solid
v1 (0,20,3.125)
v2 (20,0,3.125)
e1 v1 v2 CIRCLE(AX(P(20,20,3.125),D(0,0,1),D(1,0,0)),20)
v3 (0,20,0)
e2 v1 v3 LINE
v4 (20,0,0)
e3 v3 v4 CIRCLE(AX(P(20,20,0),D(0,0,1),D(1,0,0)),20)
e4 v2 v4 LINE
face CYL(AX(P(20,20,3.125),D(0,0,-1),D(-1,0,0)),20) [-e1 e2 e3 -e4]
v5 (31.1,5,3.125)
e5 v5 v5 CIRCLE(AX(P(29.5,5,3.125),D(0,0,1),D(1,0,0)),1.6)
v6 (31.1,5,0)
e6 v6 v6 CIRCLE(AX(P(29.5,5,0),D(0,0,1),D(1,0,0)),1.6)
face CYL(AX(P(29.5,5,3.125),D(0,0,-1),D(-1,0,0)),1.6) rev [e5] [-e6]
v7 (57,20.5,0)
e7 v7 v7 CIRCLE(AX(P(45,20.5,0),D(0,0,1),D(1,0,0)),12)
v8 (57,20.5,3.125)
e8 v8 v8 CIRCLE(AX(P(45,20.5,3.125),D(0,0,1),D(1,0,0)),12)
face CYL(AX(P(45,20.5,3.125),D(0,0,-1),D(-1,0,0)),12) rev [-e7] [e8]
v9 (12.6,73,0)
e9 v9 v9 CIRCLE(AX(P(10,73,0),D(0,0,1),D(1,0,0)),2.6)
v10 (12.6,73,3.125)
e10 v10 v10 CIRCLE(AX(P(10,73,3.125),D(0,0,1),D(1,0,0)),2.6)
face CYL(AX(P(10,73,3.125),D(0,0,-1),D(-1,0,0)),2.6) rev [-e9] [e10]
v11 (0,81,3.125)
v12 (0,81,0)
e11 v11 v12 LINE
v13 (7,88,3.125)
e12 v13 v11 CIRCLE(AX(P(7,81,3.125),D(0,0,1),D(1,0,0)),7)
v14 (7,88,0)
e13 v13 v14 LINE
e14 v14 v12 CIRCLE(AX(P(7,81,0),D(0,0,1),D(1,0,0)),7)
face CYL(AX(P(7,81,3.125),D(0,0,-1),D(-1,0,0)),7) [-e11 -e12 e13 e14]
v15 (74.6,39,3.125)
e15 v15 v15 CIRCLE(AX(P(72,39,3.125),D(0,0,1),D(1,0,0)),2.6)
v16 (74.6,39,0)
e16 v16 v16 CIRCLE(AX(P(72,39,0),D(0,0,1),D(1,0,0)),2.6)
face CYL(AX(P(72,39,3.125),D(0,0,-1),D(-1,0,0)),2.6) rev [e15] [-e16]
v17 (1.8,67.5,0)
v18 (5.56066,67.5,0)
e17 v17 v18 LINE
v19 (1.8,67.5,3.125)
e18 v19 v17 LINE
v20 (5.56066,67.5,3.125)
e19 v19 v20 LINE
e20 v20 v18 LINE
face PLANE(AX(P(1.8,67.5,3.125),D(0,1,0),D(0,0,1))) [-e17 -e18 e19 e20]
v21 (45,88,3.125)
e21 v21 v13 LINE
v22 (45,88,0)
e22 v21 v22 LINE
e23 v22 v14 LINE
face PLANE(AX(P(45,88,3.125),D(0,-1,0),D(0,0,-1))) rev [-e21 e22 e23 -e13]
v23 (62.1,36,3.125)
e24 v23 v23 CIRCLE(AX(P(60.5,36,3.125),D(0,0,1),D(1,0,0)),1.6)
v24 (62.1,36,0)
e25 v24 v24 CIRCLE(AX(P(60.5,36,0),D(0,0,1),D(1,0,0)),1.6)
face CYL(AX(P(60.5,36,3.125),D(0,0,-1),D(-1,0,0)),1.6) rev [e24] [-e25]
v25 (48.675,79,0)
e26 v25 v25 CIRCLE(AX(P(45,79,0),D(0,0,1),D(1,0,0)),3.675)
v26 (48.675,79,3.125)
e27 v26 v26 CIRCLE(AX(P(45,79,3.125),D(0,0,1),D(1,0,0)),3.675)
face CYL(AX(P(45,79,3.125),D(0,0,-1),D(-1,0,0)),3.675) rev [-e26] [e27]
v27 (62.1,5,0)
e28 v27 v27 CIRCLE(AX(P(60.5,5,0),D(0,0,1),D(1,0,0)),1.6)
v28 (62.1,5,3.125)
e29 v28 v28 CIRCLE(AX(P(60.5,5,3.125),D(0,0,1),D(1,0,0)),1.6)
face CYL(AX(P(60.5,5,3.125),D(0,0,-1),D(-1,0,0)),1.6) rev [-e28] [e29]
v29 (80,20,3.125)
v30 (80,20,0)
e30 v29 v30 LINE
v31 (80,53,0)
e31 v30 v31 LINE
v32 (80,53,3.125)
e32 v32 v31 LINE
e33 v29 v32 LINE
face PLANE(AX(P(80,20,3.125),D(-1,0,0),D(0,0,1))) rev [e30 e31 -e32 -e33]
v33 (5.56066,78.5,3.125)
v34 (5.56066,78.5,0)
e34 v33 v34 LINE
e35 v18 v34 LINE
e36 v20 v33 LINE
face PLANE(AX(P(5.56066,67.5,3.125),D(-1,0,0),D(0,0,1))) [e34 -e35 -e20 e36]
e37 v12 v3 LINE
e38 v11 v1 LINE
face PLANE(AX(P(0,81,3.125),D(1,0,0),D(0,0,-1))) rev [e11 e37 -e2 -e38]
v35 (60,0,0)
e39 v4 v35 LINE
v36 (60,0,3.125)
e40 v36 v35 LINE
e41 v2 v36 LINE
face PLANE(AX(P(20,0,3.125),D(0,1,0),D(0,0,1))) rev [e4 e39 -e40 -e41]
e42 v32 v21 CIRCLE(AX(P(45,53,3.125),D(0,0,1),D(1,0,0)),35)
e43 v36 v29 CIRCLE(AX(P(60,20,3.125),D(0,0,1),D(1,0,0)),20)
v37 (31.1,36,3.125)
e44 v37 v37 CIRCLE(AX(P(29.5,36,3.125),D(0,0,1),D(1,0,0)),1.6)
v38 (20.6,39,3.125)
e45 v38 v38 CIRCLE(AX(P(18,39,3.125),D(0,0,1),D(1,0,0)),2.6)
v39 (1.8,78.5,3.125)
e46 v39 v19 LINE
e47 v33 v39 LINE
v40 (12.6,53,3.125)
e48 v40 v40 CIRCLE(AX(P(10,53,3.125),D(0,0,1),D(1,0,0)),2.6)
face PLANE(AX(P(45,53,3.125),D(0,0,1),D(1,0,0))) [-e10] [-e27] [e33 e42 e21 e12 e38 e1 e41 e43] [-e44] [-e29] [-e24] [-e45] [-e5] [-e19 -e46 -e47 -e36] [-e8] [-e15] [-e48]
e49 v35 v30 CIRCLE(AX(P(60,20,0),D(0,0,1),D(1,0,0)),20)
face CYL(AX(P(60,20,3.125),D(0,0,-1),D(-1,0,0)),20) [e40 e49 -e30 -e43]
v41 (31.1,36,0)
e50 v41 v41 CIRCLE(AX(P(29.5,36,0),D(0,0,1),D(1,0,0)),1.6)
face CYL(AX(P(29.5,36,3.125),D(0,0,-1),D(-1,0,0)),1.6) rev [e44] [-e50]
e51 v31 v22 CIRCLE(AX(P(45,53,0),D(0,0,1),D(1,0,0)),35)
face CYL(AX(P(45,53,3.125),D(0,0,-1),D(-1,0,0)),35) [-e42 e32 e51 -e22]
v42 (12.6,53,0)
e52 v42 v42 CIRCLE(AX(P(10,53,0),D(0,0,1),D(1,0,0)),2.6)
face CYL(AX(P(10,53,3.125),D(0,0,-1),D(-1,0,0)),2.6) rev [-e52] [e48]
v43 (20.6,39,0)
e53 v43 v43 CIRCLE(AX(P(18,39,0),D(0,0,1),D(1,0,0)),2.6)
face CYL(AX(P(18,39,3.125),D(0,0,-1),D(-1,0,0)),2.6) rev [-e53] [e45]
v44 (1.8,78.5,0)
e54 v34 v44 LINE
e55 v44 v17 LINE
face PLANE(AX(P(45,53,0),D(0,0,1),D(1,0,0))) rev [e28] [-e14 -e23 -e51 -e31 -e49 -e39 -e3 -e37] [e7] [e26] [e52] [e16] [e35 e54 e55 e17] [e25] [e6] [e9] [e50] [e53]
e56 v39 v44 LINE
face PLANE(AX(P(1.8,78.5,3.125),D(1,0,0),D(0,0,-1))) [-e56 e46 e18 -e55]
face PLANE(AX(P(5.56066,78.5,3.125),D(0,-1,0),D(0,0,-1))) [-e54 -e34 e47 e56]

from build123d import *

# Parameters (mm, degrees)
MODEL_R             = 2.6
MODEL_R_2           = 12
MODEL_R_3           = 1.6
MODEL_R_4           = 3.675
MODEL_W             = 3.760660172
MODEL_H             = 11
BOSS_EXTRUDE1_DEPTH = 3.125


with BuildPart() as part:
    # Model → Boss-Extrude1 (new body)
    with BuildSketch(Plane.XY):
        with BuildLine():
            Line((80, 20), (80, 53))
            ThreePointArc((80, 53), (69.748737342, 77.748737342), (45, 88))
            Line((45, 88), (7, 88))
            ThreePointArc((7, 88), (2.050252532, 85.949747468), (0, 81))
            Line((0, 81), (0, 20))
            ThreePointArc((0, 20), (5.857864376, 5.857864376), (20, 0))
            Line((20, 0), (60, 0))
            ThreePointArc((60, 0), (74.142135624, 5.857864376), (80, 20))
        make_face()
        with Locations((10, 73)):
            Circle(MODEL_R, mode=Mode.SUBTRACT)
        with Locations((45, 20.5)):
            Circle(MODEL_R_2, mode=Mode.SUBTRACT)
        with Locations((18, 39)):
            Circle(MODEL_R, mode=Mode.SUBTRACT)
        with Locations((60.5, 36)):
            Circle(MODEL_R_3, mode=Mode.SUBTRACT)
        with Locations((29.5, 5)):
            Circle(MODEL_R_3, mode=Mode.SUBTRACT)
        with Locations((45, 79)):
            Circle(MODEL_R_4, mode=Mode.SUBTRACT)
        with Locations((10, 53)):
            Circle(MODEL_R, mode=Mode.SUBTRACT)
        with Locations((29.5, 36)):
            Circle(MODEL_R_3, mode=Mode.SUBTRACT)
        with Locations((60.5, 5)):
            Circle(MODEL_R_3, mode=Mode.SUBTRACT)
        with Locations((72, 39)):
            Circle(MODEL_R, mode=Mode.SUBTRACT)
        with Locations((3.680330086, 73)):
            Rectangle(MODEL_W, MODEL_H, mode=Mode.SUBTRACT)
    extrude(amount=BOSS_EXTRUDE1_DEPTH)


solid = part.part
